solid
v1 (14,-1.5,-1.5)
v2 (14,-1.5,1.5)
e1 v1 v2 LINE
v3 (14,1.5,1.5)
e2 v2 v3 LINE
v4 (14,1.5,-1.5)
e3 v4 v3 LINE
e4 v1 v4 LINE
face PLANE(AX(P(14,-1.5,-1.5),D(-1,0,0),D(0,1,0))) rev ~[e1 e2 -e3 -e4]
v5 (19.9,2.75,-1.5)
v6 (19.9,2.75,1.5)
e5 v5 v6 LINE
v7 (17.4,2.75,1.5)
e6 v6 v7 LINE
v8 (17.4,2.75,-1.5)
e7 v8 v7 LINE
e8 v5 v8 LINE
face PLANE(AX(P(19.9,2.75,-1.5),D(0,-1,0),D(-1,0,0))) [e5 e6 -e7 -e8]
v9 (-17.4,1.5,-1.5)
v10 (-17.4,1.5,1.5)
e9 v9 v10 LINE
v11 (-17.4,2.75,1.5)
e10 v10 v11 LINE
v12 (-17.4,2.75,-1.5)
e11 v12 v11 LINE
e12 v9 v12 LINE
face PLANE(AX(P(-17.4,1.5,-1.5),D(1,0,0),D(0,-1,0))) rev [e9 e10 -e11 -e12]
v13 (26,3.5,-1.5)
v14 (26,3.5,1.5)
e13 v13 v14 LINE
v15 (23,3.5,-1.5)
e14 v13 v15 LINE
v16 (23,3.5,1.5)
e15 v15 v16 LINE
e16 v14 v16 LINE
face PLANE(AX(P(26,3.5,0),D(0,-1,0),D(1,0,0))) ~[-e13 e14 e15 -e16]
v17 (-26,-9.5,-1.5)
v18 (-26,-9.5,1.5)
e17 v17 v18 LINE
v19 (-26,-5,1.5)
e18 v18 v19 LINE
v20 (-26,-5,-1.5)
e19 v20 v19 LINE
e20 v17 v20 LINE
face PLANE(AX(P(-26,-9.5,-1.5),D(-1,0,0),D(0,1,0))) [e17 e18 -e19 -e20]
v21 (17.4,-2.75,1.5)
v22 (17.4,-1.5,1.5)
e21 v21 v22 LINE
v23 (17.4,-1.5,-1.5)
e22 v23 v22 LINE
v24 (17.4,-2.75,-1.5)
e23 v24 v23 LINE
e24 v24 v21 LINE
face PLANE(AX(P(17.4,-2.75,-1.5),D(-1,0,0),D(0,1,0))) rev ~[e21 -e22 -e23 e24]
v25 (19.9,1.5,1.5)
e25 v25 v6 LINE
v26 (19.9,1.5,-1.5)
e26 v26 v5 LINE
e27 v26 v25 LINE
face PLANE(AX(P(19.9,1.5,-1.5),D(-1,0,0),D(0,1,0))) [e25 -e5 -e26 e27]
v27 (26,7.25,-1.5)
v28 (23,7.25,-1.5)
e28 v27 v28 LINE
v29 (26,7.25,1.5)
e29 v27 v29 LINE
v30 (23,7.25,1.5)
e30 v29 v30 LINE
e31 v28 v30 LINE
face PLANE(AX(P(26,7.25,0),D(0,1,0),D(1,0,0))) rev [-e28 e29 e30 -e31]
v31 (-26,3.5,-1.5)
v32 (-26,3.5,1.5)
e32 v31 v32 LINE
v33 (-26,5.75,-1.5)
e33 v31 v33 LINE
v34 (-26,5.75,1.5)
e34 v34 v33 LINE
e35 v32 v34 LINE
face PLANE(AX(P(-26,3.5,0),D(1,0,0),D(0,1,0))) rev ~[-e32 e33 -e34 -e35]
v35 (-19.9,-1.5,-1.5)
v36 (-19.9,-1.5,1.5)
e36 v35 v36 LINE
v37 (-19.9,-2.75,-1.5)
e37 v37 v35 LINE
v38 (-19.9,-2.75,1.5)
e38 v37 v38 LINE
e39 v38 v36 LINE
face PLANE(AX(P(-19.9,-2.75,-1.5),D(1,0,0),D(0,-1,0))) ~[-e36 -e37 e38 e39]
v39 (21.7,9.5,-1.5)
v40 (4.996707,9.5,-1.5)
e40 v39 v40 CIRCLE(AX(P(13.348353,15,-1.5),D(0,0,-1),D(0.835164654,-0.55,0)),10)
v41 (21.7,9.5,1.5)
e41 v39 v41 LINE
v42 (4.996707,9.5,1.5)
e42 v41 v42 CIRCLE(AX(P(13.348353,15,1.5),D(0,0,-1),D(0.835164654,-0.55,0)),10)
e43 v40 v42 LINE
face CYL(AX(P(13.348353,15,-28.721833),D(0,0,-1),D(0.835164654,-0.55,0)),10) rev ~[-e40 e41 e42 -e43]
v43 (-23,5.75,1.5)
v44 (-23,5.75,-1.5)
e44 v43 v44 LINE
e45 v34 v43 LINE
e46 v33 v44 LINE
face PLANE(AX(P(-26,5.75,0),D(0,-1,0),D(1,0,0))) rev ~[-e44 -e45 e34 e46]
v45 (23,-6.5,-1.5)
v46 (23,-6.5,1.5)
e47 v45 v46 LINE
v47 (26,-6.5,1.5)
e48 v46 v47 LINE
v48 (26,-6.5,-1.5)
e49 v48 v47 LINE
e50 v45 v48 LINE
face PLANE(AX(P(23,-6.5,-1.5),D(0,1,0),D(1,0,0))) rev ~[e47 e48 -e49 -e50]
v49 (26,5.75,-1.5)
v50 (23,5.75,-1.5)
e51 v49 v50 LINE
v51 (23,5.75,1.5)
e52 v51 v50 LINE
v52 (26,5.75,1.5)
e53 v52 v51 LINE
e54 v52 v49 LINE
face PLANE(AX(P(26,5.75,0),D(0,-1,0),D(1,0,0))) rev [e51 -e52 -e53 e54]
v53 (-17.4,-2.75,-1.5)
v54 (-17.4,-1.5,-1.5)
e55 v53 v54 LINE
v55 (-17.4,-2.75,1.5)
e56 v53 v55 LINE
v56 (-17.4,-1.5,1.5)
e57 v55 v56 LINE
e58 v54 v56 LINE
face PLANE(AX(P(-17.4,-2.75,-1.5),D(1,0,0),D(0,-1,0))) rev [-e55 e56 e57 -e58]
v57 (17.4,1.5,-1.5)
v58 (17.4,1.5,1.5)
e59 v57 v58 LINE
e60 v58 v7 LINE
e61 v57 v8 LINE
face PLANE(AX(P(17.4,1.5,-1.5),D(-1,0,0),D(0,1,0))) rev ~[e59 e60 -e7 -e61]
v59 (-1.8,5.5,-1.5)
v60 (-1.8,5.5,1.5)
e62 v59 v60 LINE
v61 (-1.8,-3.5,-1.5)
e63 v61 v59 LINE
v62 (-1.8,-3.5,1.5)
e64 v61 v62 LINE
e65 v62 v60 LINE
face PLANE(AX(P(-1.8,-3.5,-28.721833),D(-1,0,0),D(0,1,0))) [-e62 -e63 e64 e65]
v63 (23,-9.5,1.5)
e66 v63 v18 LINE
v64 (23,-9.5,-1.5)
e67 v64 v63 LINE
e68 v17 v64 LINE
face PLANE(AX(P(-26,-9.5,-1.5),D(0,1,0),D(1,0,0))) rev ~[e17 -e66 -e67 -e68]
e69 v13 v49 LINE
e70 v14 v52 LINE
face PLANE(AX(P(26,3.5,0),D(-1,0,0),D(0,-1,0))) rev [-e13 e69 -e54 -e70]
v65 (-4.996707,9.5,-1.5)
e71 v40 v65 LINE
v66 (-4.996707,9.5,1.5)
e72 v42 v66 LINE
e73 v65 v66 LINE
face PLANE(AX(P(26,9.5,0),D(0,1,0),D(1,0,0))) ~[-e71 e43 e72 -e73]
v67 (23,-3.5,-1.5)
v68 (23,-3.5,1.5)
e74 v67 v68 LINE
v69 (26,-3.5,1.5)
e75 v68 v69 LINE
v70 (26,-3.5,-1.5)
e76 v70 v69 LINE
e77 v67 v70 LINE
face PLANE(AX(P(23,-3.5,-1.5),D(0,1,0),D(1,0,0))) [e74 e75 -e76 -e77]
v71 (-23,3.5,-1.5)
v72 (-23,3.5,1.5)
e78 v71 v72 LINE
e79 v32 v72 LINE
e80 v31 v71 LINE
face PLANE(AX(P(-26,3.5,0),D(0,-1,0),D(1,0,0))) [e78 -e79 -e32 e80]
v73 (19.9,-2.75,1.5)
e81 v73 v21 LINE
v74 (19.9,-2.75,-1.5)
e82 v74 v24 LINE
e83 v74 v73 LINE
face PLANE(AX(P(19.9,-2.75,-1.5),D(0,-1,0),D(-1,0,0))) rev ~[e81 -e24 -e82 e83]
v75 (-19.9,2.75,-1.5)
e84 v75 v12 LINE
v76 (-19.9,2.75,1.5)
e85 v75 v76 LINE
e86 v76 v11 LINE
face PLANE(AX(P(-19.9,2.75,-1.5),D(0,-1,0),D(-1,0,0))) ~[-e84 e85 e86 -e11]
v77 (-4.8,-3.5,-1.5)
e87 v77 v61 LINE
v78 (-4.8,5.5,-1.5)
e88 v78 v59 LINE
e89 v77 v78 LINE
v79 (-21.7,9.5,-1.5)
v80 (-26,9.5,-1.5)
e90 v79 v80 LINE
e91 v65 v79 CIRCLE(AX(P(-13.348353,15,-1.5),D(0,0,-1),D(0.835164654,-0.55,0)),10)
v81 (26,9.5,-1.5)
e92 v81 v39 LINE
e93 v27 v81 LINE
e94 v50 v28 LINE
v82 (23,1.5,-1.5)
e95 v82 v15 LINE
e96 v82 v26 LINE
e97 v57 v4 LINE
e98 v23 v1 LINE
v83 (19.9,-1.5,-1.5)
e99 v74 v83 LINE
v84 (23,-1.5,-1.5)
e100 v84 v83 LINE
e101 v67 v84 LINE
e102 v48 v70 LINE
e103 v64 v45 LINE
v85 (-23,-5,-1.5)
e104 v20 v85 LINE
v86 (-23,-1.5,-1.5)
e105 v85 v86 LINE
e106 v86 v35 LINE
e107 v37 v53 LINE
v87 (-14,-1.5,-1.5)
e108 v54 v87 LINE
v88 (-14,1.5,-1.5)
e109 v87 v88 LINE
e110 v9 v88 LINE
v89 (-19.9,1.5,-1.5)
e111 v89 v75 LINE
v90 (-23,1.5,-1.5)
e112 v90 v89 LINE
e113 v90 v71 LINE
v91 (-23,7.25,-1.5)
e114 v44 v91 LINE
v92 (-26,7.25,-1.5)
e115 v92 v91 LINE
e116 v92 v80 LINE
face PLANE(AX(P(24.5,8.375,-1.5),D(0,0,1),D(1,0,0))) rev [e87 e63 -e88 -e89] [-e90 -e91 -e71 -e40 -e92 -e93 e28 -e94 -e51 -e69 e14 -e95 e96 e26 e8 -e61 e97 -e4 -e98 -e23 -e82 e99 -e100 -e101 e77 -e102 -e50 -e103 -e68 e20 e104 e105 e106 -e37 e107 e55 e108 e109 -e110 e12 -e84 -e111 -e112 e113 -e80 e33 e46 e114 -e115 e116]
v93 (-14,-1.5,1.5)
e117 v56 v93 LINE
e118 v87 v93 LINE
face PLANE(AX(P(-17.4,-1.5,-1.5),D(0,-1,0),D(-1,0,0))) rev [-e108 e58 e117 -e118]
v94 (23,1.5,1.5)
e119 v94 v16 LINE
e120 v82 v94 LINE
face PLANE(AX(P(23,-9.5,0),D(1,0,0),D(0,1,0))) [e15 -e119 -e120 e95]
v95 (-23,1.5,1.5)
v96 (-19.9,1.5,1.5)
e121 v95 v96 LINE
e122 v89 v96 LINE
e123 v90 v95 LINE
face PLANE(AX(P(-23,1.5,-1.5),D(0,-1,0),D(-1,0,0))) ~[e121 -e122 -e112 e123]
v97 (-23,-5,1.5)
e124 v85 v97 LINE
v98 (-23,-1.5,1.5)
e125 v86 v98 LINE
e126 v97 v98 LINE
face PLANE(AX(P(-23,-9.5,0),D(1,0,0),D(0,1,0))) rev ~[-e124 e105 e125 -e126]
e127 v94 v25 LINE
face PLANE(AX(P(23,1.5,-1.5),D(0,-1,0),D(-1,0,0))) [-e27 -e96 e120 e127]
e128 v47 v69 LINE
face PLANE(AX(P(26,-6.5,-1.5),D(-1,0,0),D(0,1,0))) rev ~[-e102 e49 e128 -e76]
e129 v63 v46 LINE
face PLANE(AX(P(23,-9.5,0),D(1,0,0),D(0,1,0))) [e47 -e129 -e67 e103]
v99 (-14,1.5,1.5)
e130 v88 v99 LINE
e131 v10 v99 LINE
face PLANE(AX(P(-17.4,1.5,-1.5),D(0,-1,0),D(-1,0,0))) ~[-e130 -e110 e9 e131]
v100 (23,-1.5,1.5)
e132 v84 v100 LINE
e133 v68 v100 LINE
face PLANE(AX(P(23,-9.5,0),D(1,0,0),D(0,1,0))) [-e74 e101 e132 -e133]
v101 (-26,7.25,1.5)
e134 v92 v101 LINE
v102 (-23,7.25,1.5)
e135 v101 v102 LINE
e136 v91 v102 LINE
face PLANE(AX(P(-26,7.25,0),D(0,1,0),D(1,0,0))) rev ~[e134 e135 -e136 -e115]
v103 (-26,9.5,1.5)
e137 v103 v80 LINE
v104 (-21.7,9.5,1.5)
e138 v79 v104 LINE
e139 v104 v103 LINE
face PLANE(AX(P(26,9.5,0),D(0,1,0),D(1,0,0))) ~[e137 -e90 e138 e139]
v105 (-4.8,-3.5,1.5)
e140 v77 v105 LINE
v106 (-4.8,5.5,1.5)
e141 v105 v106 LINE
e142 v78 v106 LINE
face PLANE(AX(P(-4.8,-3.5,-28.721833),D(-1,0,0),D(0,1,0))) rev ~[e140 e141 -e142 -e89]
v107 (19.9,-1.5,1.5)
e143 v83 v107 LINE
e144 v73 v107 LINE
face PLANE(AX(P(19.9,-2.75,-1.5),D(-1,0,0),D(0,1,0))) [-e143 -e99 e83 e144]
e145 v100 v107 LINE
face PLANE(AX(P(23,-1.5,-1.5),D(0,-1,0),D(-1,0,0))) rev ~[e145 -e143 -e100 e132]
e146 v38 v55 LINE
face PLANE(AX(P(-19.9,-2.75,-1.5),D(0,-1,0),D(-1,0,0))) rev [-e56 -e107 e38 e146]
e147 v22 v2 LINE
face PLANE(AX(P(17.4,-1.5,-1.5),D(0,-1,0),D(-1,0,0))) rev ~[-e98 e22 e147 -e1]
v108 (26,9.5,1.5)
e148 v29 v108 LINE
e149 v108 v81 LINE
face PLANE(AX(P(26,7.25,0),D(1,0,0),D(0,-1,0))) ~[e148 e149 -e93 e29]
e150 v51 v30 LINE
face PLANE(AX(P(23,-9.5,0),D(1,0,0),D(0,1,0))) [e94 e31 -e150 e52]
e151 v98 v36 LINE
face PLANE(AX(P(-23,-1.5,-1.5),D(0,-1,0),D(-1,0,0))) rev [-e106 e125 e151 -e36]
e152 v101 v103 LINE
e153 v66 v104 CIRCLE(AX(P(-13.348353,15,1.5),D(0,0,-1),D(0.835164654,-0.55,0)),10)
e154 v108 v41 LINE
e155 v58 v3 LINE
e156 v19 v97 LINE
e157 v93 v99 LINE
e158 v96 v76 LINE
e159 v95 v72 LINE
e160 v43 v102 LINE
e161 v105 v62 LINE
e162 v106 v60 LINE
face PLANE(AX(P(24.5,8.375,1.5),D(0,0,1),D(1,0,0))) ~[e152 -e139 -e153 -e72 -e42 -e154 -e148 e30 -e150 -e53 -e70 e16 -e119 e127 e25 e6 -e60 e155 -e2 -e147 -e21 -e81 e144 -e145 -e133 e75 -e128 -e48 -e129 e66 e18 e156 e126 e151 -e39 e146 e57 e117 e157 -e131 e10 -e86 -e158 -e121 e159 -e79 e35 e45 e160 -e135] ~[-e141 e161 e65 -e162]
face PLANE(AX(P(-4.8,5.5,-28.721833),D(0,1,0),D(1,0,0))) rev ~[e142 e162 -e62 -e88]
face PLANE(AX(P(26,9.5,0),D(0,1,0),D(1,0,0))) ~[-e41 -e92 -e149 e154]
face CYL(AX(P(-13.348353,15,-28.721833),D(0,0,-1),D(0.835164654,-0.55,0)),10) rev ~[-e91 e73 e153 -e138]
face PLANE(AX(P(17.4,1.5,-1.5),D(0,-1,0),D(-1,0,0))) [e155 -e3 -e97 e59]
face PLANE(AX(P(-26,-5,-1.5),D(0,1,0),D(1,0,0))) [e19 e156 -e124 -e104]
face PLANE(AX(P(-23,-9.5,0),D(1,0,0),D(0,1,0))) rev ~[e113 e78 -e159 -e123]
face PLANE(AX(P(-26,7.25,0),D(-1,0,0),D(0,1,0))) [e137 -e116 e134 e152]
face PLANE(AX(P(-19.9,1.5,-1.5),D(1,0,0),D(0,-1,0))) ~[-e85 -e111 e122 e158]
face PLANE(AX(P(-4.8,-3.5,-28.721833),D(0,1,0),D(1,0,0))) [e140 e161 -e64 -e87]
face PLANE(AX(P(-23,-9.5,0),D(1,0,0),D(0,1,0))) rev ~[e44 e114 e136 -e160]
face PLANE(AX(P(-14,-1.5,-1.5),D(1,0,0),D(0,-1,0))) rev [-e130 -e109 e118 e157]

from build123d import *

# Parameters (mm, degrees)
ESBO_O1_W                     = 46
ESBO_O1_H                     = 19
RESSALTO_EXTRUS_O1_DEPTH      = 1.5
ESBO_O21_W                    = 9
ESBO_O21_H                    = 3
ESBO_O21_W_2                  = 2.5
ESBO_O21_H_2                  = 5.5
CORTE_EXTRUS_O11_DEPTH        = 3
RESSALTO_EXTRUS_O2_DEPTH      = 1.5
RESSALTO_EXTRUS_O2_DEPTH_BACK = 1.5
ESBO_O3_W                     = 3
ESBO_O3_H                     = 4.5
ESBO_O5_W                     = 3
ESBO_O5_H                     = 2.25
RESSALTO_EXTRUS_O3_DEPTH      = 1.5
RESSALTO_EXTRUS_O4_DEPTH      = 1.5
RESSALTO_EXTRUS_O4_DEPTH_BACK = 1.5
ESBO_O6_W                     = 3
ESBO_O6_H                     = 3
CORTE_EXTRUS_O2_DEPTH         = 28.721832551
CORTE_EXTRUS_O2_DEPTH_BACK    = 28.721832551
CORTE_EXTRUS_O3_DEPTH         = 28.721832551
CORTE_EXTRUS_O3_DEPTH_BACK    = 28.721832551
ESBO_O8_W                     = 3
ESBO_O8_H                     = 9


with BuildPart() as part:
    # Esboço1 → Ressalto-extrusão1 (new, symmetric)
    with BuildSketch(Plane.XY):
        Rectangle(ESBO_O1_W, ESBO_O1_H)
    extrude(amount=RESSALTO_EXTRUS_O1_DEPTH, both=True)

    # Esboço21 → Corte-extrusão11 (cut)
    with BuildSketch(Plane(origin=(-7.10842072, -2.477277924, -1.5), x_dir=(-1, 0, 0), z_dir=(0, 0, -1))):
        with Locations((-25.60842072, 2.477277924)):
            Rectangle(ESBO_O21_W, ESBO_O21_H)
        with Locations((-25.75842072, 2.477277924)):
            Rectangle(ESBO_O21_W_2, ESBO_O21_H_2)
    corte_extrus_o11 = extrude(amount=-CORTE_EXTRUS_O11_DEPTH, mode=Mode.SUBTRACT)

    # Espelhar4: Corte-extrusão11 across plane
    add(corte_extrus_o11.mirror(Plane(origin=(0, 0, 0), x_dir=(0, 0, 1), z_dir=(1, 0, 0))), mode=Mode.SUBTRACT)

    # Esboço3 → Ressalto-extrusão2 (add, two sides: drawn at the far end of the back side and taken through both)
    with BuildSketch(Plane.XY.offset(-RESSALTO_EXTRUS_O2_DEPTH_BACK)):
        with Locations((-24.5, -7.25)):
            Rectangle(ESBO_O3_W, ESBO_O3_H)
    extrude(amount=RESSALTO_EXTRUS_O2_DEPTH + RESSALTO_EXTRUS_O2_DEPTH_BACK)

    # Esboço5 → Ressalto-extrusão3 (add, symmetric)
    with BuildSketch(Plane.XY):
        with Locations((-24.5, 8.375)):
            Rectangle(ESBO_O5_W, ESBO_O5_H)
        with Locations((-24.5, 4.625)):
            Rectangle(ESBO_O5_W, ESBO_O5_H)
    ressalto_extrus_o3 = extrude(amount=RESSALTO_EXTRUS_O3_DEPTH, both=True)

    # Espelhar3: Ressalto-extrusão3 across plane
    add(ressalto_extrus_o3.mirror(Plane(origin=(0, 0, 0), x_dir=(0, 0, 1), z_dir=(1, 0, 0))))

    # Esboço6 → Ressalto-extrusão4 (add, two sides: drawn at the far end of the back side and taken through both)
    with BuildSketch(Plane.XY.offset(-RESSALTO_EXTRUS_O4_DEPTH_BACK)):
        with Locations((24.5, -5)):
            Rectangle(ESBO_O6_W, ESBO_O6_H)
    extrude(amount=RESSALTO_EXTRUS_O4_DEPTH + RESSALTO_EXTRUS_O4_DEPTH_BACK)

    # Esboço7 → Corte-extrusão2 (cut, two sides: drawn at the far end of the back side and taken through both)
    with BuildSketch(Plane.XY.offset(-CORTE_EXTRUS_O2_DEPTH_BACK)):
        with BuildLine():
            Line((-21.7, 9.5), (-4.996706912, 9.5))
            ThreePointArc((-4.996706912, 9.5), (-13.348353456, 5), (-21.7, 9.5))
        make_face()
        with BuildLine():
            Line((4.996706912, 9.5), (21.7, 9.5))
            ThreePointArc((21.7, 9.5), (13.348353456, 5), (4.996706912, 9.5))
        make_face()
    extrude(amount=CORTE_EXTRUS_O2_DEPTH + CORTE_EXTRUS_O2_DEPTH_BACK, mode=Mode.SUBTRACT)

    # Esboço8 → Corte-extrusão3 (cut, two sides: drawn at the far end of the back side and taken through both)
    with BuildSketch(Plane.XY.offset(-CORTE_EXTRUS_O3_DEPTH_BACK)):
        with Locations((-3.3, 1)):
            Rectangle(ESBO_O8_W, ESBO_O8_H)
    extrude(amount=CORTE_EXTRUS_O3_DEPTH + CORTE_EXTRUS_O3_DEPTH_BACK, mode=Mode.SUBTRACT)


solid = part.part
